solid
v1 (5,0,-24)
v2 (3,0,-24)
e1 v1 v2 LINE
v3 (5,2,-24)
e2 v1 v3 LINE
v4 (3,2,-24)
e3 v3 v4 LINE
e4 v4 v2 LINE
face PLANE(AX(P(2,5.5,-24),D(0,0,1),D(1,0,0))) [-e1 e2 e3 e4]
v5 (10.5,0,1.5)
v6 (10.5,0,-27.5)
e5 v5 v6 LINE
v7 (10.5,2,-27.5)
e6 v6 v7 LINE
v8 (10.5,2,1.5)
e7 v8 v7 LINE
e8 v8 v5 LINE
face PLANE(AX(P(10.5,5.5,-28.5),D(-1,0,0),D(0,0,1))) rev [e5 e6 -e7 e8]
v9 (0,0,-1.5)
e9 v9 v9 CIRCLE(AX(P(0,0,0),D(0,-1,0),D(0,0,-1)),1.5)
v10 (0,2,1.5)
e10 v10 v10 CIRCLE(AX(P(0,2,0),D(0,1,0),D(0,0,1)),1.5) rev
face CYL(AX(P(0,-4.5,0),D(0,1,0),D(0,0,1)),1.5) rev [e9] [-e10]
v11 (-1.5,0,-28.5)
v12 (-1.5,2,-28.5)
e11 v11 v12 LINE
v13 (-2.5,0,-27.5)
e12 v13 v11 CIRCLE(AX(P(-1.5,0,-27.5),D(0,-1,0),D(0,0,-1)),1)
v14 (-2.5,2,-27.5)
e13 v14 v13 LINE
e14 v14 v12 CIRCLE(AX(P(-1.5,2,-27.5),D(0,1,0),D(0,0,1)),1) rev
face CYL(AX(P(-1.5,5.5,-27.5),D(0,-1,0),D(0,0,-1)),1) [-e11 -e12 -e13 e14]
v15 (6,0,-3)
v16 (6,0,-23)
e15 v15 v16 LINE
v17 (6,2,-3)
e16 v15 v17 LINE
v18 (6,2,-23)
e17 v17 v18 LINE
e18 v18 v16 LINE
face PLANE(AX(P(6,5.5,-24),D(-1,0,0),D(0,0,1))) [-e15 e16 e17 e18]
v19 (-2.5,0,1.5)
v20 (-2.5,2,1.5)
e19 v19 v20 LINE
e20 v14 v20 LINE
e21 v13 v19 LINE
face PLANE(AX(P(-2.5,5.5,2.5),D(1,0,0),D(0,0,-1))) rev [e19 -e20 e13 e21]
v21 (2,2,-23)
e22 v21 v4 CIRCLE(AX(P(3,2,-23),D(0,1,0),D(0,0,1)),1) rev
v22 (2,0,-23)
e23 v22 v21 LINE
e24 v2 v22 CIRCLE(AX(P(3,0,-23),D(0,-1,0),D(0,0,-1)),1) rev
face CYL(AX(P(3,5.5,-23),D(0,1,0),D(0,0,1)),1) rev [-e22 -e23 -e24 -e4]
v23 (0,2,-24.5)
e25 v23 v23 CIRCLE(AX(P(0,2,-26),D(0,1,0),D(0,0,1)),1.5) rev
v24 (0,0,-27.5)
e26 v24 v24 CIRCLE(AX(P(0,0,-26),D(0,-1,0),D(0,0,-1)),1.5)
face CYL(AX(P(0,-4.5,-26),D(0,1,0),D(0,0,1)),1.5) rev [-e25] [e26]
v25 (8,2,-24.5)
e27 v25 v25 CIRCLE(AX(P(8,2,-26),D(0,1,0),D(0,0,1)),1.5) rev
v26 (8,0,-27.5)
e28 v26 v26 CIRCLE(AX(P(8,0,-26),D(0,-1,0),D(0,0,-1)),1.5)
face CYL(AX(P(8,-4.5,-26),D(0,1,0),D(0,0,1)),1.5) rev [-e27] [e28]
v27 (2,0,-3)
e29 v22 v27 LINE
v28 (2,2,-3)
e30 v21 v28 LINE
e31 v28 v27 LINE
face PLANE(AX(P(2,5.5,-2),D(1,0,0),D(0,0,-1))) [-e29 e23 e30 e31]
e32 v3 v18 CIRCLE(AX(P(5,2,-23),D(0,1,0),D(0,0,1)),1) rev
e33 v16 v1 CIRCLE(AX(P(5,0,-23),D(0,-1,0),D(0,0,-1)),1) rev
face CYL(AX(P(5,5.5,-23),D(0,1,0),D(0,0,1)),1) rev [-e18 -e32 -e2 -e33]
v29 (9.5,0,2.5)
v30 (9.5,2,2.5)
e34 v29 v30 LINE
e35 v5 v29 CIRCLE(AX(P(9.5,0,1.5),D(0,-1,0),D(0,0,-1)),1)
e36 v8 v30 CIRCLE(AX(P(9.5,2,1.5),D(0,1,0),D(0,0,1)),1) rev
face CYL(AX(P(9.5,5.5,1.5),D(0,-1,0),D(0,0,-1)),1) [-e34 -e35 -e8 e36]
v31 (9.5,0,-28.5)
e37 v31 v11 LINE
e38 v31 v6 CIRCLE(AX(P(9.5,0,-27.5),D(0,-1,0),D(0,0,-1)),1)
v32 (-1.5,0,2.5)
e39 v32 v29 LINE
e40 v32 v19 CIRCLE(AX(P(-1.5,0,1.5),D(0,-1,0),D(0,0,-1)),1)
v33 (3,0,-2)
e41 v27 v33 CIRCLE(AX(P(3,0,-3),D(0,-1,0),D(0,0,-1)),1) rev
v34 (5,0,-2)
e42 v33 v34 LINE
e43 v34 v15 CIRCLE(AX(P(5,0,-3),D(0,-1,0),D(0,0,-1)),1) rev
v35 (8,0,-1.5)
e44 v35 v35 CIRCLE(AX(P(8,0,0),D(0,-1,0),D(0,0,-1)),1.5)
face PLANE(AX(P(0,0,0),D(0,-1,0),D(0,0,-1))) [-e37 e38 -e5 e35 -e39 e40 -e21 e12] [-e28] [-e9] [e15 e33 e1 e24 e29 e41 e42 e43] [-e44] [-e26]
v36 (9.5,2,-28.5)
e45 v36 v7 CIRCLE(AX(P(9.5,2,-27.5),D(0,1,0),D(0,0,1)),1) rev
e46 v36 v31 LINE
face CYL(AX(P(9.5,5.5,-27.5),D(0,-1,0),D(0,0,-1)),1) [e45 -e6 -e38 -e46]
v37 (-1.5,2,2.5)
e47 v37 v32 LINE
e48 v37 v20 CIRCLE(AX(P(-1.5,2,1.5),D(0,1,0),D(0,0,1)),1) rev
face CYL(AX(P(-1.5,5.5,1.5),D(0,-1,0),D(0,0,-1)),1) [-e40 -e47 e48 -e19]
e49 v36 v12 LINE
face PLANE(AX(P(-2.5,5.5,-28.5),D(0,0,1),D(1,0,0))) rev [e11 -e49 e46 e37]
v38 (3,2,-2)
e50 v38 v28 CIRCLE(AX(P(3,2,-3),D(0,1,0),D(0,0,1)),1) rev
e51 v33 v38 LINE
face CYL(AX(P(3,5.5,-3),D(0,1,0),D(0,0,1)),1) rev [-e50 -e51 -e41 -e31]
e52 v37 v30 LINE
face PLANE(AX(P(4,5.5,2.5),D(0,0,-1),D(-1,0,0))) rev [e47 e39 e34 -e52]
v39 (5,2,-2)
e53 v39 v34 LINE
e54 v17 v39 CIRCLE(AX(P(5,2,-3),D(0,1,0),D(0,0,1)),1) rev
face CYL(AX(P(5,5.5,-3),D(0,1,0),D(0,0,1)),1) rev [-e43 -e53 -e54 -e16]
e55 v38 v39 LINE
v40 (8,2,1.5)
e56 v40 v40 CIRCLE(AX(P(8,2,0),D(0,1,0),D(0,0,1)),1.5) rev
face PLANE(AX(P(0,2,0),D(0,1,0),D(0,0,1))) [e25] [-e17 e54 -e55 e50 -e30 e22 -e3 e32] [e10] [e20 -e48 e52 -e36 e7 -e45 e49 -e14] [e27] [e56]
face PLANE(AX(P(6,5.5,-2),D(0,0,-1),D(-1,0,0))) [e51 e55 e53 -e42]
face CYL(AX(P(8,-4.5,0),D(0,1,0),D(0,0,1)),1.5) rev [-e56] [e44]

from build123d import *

# Parameters (mm, degrees)
SKETCH1_R           = 1.4
BOSS_EXTRUDE2_DEPTH = 5.5
FILLET2_R           = 1
SKETCH2_R           = 1.5
CUT_EXTRUDE1_DEPTH  = 10
SKETCH3_R           = 36.045042524
CUT_EXTRUDE2_DEPTH  = 0.5
SKETCH4_R           = 41.346922652
CUT_EXTRUDE3_DEPTH  = 1
SKETCH5_R           = 64.87410788
CUT_EXTRUDE4_DEPTH  = 2


with BuildPart() as part:
    # Sketch1 → Boss-Extrude2 (new body)
    with BuildSketch(Plane(origin=(0, 0, 0), x_dir=(1, 0, 0), z_dir=(0, 1, 0))):
        Polygon((4, -2.5), (-2.5, -2.5), (-2.5, 28.5), (10.5, 28.5), (10.5, -2.5), align=None)
        with Locations((8, 26)):
            Circle(SKETCH1_R, mode=Mode.SUBTRACT)
        with Locations((0, 26)):
            Circle(SKETCH1_R, mode=Mode.SUBTRACT)
        with Locations((8, 0)):
            Circle(SKETCH1_R, mode=Mode.SUBTRACT)
        Circle(SKETCH1_R, mode=Mode.SUBTRACT)
        Polygon((4, 2), (2, 2), (2, 24), (6, 24), (6, 2), align=None, mode=Mode.SUBTRACT)
    extrude(amount=BOSS_EXTRUDE2_DEPTH)

    # Fillet2
    fillet2_edges = [part.edges().sort_by_distance(p)[0] for p in [
        (6, 2.75, -24),
        (2, 2.75, -24),
        (2, 2.75, -2),
        (6, 2.75, -2),
        (-2.5, 2.75, 2.5),
        (-2.5, 2.75, -28.5),
        (10.5, 2.75, -28.5),
        (10.5, 2.75, 2.5),
    ]]
    fillet(fillet2_edges, radius=FILLET2_R)

    # Sketch2 → Cut-Extrude1 (cut)
    with BuildSketch(Plane(origin=(0, 5.5, 0), x_dir=(1, 0, 0), z_dir=(0, 1, 0))):
        with Locations((0, 26)):
            Circle(SKETCH2_R)
        with Locations((8, 26)):
            Circle(SKETCH2_R)
        with Locations((8, 0)):
            Circle(SKETCH2_R)
        Circle(SKETCH2_R)
    extrude(amount=-CUT_EXTRUDE1_DEPTH, mode=Mode.SUBTRACT)

    # Sketch3 → Cut-Extrude2 (cut)
    with BuildSketch(Plane(origin=(0, 5.5, 0), x_dir=(1, 0, 0), z_dir=(0, 1, 0))):
        Circle(SKETCH3_R)
    extrude(amount=-CUT_EXTRUDE2_DEPTH, mode=Mode.SUBTRACT)

    # Sketch4 → Cut-Extrude3 (cut)
    with BuildSketch(Plane(origin=(0, 5, 0), x_dir=(1, 0, 0), z_dir=(0, 1, 0))):
        Circle(SKETCH4_R)
    extrude(amount=-CUT_EXTRUDE3_DEPTH, mode=Mode.SUBTRACT)

    # Sketch5 → Cut-Extrude4 (cut)
    with BuildSketch(Plane(origin=(0, 4, 0), x_dir=(1, 0, 0), z_dir=(0, 1, 0))):
        Circle(SKETCH5_R)
    extrude(amount=-CUT_EXTRUDE4_DEPTH, mode=Mode.SUBTRACT)


solid = part.part
